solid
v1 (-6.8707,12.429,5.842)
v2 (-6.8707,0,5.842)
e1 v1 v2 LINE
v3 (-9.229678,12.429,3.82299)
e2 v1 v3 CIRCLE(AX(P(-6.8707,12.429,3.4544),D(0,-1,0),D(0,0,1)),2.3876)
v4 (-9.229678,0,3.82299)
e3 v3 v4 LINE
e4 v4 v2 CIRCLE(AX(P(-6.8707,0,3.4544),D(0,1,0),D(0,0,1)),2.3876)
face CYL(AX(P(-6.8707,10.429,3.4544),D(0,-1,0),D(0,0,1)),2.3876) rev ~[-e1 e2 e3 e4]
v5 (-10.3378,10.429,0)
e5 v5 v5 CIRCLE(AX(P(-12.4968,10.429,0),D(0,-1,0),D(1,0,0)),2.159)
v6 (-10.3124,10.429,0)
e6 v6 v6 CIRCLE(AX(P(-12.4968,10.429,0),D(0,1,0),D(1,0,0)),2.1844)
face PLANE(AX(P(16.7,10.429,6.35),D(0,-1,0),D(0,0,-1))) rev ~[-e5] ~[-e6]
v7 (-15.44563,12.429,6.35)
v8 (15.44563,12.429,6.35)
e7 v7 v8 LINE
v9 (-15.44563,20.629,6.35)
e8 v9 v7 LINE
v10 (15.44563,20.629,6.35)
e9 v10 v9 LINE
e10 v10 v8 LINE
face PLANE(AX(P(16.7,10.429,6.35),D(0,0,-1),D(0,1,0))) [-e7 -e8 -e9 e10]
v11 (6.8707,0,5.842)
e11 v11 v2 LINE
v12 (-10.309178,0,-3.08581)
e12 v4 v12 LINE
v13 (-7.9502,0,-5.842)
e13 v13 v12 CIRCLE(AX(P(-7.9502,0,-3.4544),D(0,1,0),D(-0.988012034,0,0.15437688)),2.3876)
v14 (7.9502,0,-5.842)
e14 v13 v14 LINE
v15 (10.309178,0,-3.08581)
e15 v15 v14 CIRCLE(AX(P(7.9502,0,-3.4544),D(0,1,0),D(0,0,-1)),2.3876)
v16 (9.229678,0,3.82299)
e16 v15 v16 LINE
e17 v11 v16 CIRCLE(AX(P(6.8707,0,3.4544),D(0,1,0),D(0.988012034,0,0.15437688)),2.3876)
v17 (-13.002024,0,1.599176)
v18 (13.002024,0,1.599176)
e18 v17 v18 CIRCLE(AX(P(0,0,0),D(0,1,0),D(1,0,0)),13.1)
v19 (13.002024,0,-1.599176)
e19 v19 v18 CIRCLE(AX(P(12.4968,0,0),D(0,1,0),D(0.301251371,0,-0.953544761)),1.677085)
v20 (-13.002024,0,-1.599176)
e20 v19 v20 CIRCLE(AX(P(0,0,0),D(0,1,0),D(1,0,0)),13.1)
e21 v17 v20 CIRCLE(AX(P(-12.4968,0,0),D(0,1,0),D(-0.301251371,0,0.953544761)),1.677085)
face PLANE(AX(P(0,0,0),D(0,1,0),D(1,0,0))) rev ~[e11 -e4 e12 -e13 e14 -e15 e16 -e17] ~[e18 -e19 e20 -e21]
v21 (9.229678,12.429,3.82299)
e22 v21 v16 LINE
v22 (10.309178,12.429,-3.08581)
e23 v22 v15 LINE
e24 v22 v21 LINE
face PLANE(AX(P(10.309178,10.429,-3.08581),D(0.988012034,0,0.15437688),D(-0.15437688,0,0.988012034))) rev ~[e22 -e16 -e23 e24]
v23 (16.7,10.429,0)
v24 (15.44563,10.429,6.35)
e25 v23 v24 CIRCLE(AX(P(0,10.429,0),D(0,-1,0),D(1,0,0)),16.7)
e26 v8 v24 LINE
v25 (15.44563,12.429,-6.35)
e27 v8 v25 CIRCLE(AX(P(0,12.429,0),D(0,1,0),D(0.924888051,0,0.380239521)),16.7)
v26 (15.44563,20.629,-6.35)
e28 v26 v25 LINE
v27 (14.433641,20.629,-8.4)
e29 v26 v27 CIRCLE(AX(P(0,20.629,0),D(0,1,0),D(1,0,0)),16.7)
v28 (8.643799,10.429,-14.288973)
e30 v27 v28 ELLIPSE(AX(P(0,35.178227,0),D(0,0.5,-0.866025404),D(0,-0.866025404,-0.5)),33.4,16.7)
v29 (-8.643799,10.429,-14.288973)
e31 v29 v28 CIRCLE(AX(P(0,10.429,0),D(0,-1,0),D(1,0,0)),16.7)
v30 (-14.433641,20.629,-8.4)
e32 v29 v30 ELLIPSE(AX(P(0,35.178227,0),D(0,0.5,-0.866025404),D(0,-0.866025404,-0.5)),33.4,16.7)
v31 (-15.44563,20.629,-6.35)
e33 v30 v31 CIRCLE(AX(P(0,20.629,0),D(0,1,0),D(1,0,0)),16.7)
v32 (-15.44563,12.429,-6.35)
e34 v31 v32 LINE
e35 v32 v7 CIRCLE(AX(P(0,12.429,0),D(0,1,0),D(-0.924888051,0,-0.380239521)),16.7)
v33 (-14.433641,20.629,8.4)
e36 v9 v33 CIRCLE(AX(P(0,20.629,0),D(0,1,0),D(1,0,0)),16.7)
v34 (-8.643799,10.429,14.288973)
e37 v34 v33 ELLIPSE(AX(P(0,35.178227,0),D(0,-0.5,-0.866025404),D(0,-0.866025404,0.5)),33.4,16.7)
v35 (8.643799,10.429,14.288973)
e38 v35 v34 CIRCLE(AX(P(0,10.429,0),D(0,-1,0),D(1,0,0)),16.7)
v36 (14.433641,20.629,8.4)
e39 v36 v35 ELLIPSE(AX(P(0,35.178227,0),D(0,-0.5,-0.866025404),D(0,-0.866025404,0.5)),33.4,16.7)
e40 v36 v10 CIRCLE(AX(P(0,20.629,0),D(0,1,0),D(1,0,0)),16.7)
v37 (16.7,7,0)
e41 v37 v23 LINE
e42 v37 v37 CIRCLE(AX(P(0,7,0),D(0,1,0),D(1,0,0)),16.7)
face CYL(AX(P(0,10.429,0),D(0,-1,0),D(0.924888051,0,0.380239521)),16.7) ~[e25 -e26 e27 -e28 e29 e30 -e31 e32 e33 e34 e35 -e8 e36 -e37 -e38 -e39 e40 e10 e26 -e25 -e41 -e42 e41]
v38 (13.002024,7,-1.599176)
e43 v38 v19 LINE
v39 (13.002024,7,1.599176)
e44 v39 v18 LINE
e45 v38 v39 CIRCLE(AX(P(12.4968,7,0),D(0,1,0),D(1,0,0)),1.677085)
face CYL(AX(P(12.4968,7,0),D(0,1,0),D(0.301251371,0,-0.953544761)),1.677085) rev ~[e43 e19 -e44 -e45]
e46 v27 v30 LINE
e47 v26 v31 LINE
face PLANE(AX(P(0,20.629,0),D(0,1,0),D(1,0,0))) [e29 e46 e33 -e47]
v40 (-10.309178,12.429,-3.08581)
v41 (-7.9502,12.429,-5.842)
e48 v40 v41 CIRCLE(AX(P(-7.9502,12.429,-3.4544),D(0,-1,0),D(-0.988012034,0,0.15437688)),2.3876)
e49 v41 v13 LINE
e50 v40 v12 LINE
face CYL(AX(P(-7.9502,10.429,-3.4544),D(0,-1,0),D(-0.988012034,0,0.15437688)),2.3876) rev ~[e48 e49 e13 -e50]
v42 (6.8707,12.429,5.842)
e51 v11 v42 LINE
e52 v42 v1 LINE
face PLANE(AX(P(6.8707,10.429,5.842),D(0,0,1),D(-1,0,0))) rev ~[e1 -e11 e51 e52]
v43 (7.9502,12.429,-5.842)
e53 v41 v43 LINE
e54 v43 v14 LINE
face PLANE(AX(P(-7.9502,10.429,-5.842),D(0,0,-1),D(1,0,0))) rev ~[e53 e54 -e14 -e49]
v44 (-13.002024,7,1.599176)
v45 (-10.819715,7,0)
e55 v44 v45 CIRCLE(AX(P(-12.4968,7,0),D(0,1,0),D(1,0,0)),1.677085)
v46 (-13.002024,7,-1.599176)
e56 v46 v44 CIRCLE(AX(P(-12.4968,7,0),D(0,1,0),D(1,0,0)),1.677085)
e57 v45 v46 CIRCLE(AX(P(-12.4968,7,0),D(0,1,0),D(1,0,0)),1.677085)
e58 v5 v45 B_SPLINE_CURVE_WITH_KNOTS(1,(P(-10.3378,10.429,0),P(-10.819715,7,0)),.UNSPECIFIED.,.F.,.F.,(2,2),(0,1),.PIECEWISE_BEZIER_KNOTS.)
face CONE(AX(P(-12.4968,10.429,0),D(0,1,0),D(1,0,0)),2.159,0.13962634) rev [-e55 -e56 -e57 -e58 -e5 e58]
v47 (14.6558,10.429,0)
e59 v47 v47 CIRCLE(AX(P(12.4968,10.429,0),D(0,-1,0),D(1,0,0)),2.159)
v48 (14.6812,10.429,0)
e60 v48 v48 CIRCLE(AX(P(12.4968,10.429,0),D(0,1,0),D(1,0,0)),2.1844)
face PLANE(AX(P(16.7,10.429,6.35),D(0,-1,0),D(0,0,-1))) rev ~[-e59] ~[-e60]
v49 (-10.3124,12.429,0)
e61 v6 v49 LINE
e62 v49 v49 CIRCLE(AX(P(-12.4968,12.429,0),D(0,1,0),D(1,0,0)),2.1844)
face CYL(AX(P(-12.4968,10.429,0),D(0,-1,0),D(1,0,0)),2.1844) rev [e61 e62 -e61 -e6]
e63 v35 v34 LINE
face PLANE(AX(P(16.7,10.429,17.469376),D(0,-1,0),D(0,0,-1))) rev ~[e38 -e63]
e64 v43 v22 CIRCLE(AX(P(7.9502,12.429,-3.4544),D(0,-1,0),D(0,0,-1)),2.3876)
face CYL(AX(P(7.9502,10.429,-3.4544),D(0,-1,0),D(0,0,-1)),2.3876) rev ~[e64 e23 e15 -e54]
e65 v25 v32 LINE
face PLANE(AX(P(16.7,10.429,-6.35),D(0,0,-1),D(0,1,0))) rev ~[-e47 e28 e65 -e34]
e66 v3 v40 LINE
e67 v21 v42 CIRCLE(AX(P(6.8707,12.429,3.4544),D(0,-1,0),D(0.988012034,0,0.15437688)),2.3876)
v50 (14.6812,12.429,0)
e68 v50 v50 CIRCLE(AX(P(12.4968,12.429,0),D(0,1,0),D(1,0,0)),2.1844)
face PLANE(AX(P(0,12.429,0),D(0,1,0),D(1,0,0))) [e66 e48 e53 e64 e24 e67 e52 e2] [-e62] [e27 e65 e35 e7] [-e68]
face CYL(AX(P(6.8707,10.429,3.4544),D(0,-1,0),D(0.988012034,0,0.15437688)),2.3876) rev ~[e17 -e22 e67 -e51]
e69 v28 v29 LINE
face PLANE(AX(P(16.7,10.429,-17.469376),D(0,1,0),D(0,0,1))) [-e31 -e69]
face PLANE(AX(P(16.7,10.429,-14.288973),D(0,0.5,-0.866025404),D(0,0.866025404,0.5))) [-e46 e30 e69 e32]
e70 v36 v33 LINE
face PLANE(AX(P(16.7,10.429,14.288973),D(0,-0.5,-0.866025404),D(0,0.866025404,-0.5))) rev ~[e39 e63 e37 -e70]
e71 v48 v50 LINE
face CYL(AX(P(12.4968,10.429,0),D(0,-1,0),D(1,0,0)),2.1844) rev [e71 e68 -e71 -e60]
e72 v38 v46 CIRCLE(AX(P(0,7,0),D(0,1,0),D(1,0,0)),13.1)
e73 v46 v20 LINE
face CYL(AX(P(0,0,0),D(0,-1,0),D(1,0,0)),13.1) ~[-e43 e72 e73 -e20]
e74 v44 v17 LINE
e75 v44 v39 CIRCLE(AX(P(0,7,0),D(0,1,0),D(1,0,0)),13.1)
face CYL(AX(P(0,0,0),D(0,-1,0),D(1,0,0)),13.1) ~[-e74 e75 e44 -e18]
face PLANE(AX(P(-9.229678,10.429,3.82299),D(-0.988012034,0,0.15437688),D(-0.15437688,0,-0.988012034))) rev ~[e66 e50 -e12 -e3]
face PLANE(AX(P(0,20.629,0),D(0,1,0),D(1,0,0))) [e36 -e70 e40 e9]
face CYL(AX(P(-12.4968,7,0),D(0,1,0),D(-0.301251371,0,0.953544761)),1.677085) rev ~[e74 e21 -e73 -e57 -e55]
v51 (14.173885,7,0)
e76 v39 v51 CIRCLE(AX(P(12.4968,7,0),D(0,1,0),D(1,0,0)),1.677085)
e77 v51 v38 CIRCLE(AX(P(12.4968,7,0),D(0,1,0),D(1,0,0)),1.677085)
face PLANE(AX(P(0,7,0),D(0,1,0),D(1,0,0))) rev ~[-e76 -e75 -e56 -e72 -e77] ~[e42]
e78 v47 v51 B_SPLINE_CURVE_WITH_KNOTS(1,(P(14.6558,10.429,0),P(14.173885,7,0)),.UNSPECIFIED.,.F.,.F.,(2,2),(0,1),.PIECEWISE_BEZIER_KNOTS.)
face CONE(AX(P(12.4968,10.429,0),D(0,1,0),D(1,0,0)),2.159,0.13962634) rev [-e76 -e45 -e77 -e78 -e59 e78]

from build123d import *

# Parameters (mm, degrees)
SKETCH1_R           = 13.1
BOSS_EXTRUDE1_DEPTH = 7
SKETCH2_R           = 16.7
BOSS_EXTRUDE2_DEPTH = 3.429
CUT_EXTRUDE1_DEPTH  = 11.429
SKETCH5_R           = 2.159
CUT_EXTRUDE2_DEPTH  = 3.429
CUT_EXTRUDE2_TAPER  = 8
CUT_EXTRUDE3_DEPTH  = 8
SKETCH7_R           = 16.7
BOSS_EXTRUDE3_DEPTH = 10.2
SKETCH9_W           = 12.7
SKETCH9_H           = 10.2
CUT_EXTRUDE4_DEPTH  = 34.4
SKETCH10_R          = 2.1844
BOSS_EXTRUDE4_DEPTH = 2


with BuildPart() as part:
    # Sketch1 → Boss-Extrude1 (new body)
    with BuildSketch(Plane(origin=(0, 0, 0), x_dir=(1, 0, 0), z_dir=(0, 1, 0))):
        Circle(SKETCH1_R)
    extrude(amount=BOSS_EXTRUDE1_DEPTH)

    # Sketch2 → Boss-Extrude2 (add)
    with BuildSketch(Plane(origin=(0, 7, 0), x_dir=(1, 0, 0), z_dir=(0, 1, 0))):
        Circle(SKETCH2_R)
    extrude(amount=BOSS_EXTRUDE2_DEPTH)

    # Sketch3 → Cut-Extrude1 (cut, through all)
    with BuildSketch(Plane(origin=(0, 10.429, 0), x_dir=(1, 0, 0), z_dir=(0, 1, 0))):
        with BuildLine():
            Line((-9.229677532, -3.822990239), (-10.309177532, 3.085809761))
            ThreePointArc((-10.309177532, 3.085809761), (-9.764129411, 5.00691211), (-7.9502, 5.842))
            Line((-7.9502, 5.842), (7.9502, 5.842))
            ThreePointArc((7.9502, 5.842), (9.764129411, 5.00691211), (10.309177532, 3.085809761))
            Line((10.309177532, 3.085809761), (9.229677532, -3.822990239))
            ThreePointArc((9.229677532, -3.822990239), (8.42321211, -5.268329411), (6.8707, -5.842))
            Line((6.8707, -5.842), (-6.8707, -5.842))
            ThreePointArc((-6.8707, -5.842), (-8.42321211, -5.268329411), (-9.229677532, -3.822990239))
        make_face()
    extrude(amount=-CUT_EXTRUDE1_DEPTH, mode=Mode.SUBTRACT)

    # Sketch5 → Cut-Extrude2 (cut)
    with BuildSketch(Plane(origin=(0, 10.429, 0), x_dir=(1, 0, 0), z_dir=(0, 1, 0))):
        with Locations((12.4968, 0)):
            Circle(SKETCH5_R)
        with Locations((-12.4968, 0)):
            Circle(SKETCH5_R)
    extrude(amount=-CUT_EXTRUDE2_DEPTH, taper=CUT_EXTRUDE2_TAPER, mode=Mode.SUBTRACT)

    # Sketch6 → Cut-Extrude3 (cut, through all)
    with BuildSketch(Plane(origin=(0, 7, 0), x_dir=(1, 0, 0), z_dir=(0, 1, 0))):
        with BuildLine():
            ThreePointArc((13.0020243, -1.599176071), (13.1, 0), (13.0020243, 1.599176071))
            ThreePointArc((13.0020243, 1.599176071), (10.819714522, 0), (13.0020243, -1.599176071))
        make_face()
        with BuildLine():
            ThreePointArc((-13.0020243, 1.599176071), (-13.1, 0), (-13.0020243, -1.599176071))
            ThreePointArc((-13.0020243, -1.599176071), (-10.819714522, 0), (-13.0020243, 1.599176071))
        make_face()
    extrude(amount=-CUT_EXTRUDE3_DEPTH, mode=Mode.SUBTRACT)

    # Sketch7 → Boss-Extrude3 (add)
    with BuildSketch(Plane(origin=(0, 10.429, 0), x_dir=(1, 0, 0), z_dir=(0, 1, 0))):
        Circle(SKETCH7_R)
    extrude(amount=BOSS_EXTRUDE3_DEPTH)

    # Sketch9 → Cut-Extrude4 (cut, through all)
    with BuildSketch(Plane(origin=(16.7, 0, 0), x_dir=(0, 0, -1), z_dir=(1, 0, 0))):
        with Locations((0, 15.529)):
            Rectangle(SKETCH9_W, SKETCH9_H)
        Polygon((-17.46937566, 10.429), (-14.288972746, 10.429), (-8.4, 20.629), (-17.46937566, 20.629), align=None)
        Polygon((17.46937566, 20.629), (17.46937566, 10.429), (14.288972746, 10.429), (8.4, 20.629), align=None)
    extrude(amount=-CUT_EXTRUDE4_DEPTH, mode=Mode.SUBTRACT)

    # Sketch10 → Boss-Extrude4 (add)
    with BuildSketch(Plane(origin=(0, 10.429, 0), x_dir=(1, 0, 0), z_dir=(0, 1, 0))):
        with BuildLine():
            Line((15.44563045, 6.35), (-15.44563045, 6.35))
            ThreePointArc((-15.44563045, 6.35), (-16.7, 0), (-15.44563045, -6.35))
            Line((-15.44563045, -6.35), (15.44563045, -6.35))
            ThreePointArc((15.44563045, -6.35), (16.7, 0), (15.44563045, 6.35))
        make_face()
        with Locations((12.4968, 0)):
            Circle(SKETCH10_R, mode=Mode.SUBTRACT)
        with Locations((-12.4968, 0)):
            Circle(SKETCH10_R, mode=Mode.SUBTRACT)
        with BuildLine():
            Line((6.8707, -5.842), (-6.8707, -5.842))
            ThreePointArc((-6.8707, -5.842), (-8.42321211, -5.268329411), (-9.229677532, -3.822990239))
            Line((-9.229677532, -3.822990239), (-10.309177532, 3.085809761))
            ThreePointArc((-10.309177532, 3.085809761), (-9.764129411, 5.00691211), (-7.9502, 5.842))
            Line((-7.9502, 5.842), (7.9502, 5.842))
            ThreePointArc((7.9502, 5.842), (9.764129411, 5.00691211), (10.309177532, 3.085809761))
            Line((10.309177532, 3.085809761), (9.229677532, -3.822990239))
            ThreePointArc((9.229677532, -3.822990239), (8.42321211, -5.268329411), (6.8707, -5.842))
        make_face(mode=Mode.SUBTRACT)
    extrude(amount=BOSS_EXTRUDE4_DEPTH)


solid = part.part
